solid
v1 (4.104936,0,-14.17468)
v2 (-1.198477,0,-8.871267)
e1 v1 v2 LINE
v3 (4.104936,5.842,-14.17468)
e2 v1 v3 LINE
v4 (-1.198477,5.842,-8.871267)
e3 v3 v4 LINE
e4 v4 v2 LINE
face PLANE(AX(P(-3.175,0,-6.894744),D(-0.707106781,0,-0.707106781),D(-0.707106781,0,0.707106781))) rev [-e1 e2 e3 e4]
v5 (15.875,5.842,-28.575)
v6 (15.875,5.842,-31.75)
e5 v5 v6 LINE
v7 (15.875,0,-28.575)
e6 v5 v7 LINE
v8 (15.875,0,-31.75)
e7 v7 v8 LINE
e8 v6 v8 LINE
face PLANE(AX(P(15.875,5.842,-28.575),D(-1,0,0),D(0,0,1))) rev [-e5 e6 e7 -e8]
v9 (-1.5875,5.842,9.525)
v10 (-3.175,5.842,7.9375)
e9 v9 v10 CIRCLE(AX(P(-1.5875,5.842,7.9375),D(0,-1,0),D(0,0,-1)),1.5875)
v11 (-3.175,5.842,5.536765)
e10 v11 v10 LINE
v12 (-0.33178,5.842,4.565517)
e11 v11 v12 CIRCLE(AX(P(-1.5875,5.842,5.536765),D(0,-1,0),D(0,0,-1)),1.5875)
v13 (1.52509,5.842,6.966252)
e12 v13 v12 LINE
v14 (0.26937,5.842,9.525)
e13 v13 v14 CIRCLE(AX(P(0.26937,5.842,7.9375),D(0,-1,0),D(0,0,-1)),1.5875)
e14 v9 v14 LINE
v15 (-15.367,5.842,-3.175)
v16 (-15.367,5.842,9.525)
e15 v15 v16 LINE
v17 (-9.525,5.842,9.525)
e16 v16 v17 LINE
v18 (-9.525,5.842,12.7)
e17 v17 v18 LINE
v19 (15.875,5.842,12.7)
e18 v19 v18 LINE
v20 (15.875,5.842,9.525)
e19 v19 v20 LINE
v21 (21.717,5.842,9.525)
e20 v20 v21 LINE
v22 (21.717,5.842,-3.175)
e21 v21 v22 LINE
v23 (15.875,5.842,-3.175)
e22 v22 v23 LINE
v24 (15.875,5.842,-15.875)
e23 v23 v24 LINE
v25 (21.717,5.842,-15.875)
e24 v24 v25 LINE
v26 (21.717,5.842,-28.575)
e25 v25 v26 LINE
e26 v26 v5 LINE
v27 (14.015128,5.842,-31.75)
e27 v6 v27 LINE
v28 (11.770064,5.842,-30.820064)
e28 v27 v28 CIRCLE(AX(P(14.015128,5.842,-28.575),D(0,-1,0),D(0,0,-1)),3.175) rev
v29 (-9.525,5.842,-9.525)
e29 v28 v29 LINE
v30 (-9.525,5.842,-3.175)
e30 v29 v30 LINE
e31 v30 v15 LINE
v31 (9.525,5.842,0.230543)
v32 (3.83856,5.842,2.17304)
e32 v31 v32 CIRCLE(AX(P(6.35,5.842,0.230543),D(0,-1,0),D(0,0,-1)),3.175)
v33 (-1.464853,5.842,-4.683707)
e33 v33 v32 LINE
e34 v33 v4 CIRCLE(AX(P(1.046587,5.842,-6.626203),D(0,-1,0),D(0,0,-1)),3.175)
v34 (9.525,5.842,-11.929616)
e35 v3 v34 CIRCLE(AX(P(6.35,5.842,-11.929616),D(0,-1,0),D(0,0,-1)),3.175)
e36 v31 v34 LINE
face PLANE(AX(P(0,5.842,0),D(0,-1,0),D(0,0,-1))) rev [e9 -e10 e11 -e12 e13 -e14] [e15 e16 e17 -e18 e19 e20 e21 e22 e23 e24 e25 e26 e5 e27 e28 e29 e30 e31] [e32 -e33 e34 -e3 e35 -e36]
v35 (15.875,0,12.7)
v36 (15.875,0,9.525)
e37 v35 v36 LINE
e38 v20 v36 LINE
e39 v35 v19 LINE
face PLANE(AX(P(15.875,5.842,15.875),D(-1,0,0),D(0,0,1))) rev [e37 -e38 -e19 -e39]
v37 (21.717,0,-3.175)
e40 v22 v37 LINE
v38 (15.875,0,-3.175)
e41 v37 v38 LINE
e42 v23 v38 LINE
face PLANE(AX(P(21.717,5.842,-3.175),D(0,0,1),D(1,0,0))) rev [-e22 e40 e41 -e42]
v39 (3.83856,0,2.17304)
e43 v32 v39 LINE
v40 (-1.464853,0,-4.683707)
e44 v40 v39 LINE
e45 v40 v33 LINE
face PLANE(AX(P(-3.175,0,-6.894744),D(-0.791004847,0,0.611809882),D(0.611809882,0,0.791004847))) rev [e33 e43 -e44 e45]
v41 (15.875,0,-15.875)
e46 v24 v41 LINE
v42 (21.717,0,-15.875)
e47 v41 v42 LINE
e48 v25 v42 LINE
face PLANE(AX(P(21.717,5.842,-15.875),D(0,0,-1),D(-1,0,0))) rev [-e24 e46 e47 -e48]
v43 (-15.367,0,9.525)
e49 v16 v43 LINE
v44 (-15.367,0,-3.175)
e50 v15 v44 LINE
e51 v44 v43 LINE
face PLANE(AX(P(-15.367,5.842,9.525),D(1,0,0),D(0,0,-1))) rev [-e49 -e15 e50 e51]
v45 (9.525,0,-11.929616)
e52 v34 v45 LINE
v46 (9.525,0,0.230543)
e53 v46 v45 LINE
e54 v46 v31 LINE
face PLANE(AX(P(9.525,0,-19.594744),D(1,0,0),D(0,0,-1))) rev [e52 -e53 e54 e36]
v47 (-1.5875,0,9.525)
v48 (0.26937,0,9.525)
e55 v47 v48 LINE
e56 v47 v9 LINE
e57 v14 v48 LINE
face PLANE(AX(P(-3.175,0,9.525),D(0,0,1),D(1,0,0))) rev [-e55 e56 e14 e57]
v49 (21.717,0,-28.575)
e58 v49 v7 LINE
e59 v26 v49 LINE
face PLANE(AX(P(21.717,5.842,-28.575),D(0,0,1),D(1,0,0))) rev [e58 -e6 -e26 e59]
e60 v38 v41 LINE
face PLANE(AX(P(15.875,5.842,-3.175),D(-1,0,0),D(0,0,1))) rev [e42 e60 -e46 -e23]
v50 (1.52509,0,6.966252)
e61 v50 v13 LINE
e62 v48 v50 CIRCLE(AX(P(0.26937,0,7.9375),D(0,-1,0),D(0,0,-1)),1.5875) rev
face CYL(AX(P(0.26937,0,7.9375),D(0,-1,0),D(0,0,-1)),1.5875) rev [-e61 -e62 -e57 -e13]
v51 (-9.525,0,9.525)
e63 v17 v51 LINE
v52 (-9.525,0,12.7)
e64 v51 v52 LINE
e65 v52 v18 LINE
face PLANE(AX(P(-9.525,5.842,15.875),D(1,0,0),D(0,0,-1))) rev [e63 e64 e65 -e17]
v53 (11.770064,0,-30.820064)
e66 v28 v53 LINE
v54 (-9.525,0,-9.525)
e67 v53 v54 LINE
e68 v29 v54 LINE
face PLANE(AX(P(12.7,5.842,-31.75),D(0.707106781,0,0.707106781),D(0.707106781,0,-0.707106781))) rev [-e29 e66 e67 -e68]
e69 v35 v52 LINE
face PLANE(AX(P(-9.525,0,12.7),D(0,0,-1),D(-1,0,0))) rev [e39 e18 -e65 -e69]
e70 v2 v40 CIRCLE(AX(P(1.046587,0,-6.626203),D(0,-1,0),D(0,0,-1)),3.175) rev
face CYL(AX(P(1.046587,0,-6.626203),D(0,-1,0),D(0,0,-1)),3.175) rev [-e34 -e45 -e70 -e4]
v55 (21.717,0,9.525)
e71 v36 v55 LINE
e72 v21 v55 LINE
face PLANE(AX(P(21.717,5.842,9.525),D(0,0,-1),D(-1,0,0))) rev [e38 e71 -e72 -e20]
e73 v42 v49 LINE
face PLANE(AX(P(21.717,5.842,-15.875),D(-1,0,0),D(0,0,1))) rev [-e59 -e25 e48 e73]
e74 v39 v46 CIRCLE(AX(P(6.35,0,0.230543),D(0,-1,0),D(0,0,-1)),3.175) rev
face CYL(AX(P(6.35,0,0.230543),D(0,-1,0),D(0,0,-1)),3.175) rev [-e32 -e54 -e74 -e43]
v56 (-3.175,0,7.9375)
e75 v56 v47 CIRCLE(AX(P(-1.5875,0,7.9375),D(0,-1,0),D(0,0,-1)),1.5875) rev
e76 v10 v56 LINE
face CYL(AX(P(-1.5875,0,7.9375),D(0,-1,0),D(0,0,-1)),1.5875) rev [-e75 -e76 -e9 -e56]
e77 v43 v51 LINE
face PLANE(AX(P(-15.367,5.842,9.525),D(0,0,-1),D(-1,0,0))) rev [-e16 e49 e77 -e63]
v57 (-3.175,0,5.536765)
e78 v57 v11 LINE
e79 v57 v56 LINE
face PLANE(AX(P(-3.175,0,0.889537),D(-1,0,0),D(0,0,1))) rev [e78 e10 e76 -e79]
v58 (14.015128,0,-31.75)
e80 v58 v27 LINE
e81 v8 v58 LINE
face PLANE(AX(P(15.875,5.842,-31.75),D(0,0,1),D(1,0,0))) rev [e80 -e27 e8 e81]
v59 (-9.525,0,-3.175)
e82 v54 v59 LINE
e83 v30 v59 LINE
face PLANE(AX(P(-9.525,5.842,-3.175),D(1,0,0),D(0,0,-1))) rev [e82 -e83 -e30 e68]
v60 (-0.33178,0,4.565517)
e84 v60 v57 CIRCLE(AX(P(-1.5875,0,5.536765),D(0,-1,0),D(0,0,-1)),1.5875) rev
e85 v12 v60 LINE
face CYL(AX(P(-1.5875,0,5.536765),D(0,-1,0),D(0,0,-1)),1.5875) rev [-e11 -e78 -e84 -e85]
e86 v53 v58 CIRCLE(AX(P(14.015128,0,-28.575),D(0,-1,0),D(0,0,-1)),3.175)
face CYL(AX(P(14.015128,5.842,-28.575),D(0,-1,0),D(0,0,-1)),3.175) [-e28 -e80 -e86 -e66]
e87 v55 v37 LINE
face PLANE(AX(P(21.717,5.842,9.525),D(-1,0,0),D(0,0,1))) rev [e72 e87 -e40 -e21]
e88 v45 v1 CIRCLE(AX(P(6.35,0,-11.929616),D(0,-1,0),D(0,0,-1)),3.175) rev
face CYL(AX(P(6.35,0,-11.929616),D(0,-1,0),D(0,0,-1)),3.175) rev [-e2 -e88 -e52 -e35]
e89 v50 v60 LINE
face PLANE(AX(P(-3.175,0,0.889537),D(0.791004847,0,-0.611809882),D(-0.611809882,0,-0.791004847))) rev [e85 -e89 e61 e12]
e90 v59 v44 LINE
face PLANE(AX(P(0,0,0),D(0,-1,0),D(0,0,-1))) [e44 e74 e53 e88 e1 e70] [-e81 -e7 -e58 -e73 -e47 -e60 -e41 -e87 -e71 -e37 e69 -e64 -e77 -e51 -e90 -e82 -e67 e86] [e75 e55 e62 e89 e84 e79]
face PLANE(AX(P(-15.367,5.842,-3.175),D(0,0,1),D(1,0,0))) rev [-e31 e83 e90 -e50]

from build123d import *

# Parameters (mm, degrees)
BOSS_EXTRUDE1_DEPTH = 5.842
CUT_EXTRUDE1_DEPTH  = 39.907834083
FILLET1_R           = 3.175
FILLET2_R           = 1.5875
FILLET3_R           = 3.175
SKETCH3_W           = 25.4
SKETCH3_H           = 3.175
CUT_EXTRUDE2_DEPTH  = 39.907834083


with BuildPart() as part:
    # Sketch1 → Boss-Extrude1 (new body)
    with BuildSketch(Plane(origin=(0, 0, 0), x_dir=(1, 0, 0), z_dir=(0, 1, 0))):
        Polygon((15.875, -15.875), (-9.525, -15.875), (-9.525, -9.525), (-15.367, -9.525), (-15.367, 3.175), (-9.525, 3.175), (-9.525, 9.525), (12.7, 31.75), (15.875, 31.75), (15.875, 28.575), (21.717, 28.575), (21.717, 15.875), (15.875, 15.875), (15.875, 3.175), (21.717, 3.175), (21.717, -9.525), (15.875, -9.525), align=None)
    extrude(amount=BOSS_EXTRUDE1_DEPTH)

    # Sketch2 → Cut-Extrude1 (cut, through all)
    with BuildSketch(Plane(origin=(0, 5.842, 0), x_dir=(1, 0, 0), z_dir=(0, 1, 0))):
        Polygon((-3.175, 6.894743879), (9.525, 19.594743879), (9.525, -9.525), align=None)
        Polygon((-3.175, -0.889537058), (3.504177225, -9.525), (-3.175, -9.525), align=None)
    extrude(amount=-CUT_EXTRUDE1_DEPTH, mode=Mode.SUBTRACT)

    # Fillet1
    fillet1_edges = [part.edges().sort_by_distance(p)[0] for p in [
        (12.7, 2.921, -31.75),
    ]]
    fillet(fillet1_edges, radius=FILLET1_R)

    # Fillet2
    fillet2_edges = [part.edges().sort_by_distance(p)[0] for p in [
        (-3.175, 2.921, 9.525),
        (-3.175, 2.921, 0.889537058),
        (3.504177225, 2.921, 9.525),
    ]]
    fillet(fillet2_edges, radius=FILLET2_R)

    # Fillet3
    fillet3_edges = [part.edges().sort_by_distance(p)[0] for p in [
        (9.525, 2.921, 9.525),
        (-3.175, 2.921, -6.894743879),
        (9.525, 2.921, -19.594743879),
    ]]
    fillet(fillet3_edges, radius=FILLET3_R)

    # Sketch3 → Cut-Extrude2 (cut, through all)
    with BuildSketch(Plane(origin=(0, 5.842, 0), x_dir=(1, 0, 0), z_dir=(0, 1, 0))):
        with Locations((3.175, -14.2875)):
            Rectangle(SKETCH3_W, SKETCH3_H)
    extrude(amount=-CUT_EXTRUDE2_DEPTH, mode=Mode.SUBTRACT)


solid = part.part
